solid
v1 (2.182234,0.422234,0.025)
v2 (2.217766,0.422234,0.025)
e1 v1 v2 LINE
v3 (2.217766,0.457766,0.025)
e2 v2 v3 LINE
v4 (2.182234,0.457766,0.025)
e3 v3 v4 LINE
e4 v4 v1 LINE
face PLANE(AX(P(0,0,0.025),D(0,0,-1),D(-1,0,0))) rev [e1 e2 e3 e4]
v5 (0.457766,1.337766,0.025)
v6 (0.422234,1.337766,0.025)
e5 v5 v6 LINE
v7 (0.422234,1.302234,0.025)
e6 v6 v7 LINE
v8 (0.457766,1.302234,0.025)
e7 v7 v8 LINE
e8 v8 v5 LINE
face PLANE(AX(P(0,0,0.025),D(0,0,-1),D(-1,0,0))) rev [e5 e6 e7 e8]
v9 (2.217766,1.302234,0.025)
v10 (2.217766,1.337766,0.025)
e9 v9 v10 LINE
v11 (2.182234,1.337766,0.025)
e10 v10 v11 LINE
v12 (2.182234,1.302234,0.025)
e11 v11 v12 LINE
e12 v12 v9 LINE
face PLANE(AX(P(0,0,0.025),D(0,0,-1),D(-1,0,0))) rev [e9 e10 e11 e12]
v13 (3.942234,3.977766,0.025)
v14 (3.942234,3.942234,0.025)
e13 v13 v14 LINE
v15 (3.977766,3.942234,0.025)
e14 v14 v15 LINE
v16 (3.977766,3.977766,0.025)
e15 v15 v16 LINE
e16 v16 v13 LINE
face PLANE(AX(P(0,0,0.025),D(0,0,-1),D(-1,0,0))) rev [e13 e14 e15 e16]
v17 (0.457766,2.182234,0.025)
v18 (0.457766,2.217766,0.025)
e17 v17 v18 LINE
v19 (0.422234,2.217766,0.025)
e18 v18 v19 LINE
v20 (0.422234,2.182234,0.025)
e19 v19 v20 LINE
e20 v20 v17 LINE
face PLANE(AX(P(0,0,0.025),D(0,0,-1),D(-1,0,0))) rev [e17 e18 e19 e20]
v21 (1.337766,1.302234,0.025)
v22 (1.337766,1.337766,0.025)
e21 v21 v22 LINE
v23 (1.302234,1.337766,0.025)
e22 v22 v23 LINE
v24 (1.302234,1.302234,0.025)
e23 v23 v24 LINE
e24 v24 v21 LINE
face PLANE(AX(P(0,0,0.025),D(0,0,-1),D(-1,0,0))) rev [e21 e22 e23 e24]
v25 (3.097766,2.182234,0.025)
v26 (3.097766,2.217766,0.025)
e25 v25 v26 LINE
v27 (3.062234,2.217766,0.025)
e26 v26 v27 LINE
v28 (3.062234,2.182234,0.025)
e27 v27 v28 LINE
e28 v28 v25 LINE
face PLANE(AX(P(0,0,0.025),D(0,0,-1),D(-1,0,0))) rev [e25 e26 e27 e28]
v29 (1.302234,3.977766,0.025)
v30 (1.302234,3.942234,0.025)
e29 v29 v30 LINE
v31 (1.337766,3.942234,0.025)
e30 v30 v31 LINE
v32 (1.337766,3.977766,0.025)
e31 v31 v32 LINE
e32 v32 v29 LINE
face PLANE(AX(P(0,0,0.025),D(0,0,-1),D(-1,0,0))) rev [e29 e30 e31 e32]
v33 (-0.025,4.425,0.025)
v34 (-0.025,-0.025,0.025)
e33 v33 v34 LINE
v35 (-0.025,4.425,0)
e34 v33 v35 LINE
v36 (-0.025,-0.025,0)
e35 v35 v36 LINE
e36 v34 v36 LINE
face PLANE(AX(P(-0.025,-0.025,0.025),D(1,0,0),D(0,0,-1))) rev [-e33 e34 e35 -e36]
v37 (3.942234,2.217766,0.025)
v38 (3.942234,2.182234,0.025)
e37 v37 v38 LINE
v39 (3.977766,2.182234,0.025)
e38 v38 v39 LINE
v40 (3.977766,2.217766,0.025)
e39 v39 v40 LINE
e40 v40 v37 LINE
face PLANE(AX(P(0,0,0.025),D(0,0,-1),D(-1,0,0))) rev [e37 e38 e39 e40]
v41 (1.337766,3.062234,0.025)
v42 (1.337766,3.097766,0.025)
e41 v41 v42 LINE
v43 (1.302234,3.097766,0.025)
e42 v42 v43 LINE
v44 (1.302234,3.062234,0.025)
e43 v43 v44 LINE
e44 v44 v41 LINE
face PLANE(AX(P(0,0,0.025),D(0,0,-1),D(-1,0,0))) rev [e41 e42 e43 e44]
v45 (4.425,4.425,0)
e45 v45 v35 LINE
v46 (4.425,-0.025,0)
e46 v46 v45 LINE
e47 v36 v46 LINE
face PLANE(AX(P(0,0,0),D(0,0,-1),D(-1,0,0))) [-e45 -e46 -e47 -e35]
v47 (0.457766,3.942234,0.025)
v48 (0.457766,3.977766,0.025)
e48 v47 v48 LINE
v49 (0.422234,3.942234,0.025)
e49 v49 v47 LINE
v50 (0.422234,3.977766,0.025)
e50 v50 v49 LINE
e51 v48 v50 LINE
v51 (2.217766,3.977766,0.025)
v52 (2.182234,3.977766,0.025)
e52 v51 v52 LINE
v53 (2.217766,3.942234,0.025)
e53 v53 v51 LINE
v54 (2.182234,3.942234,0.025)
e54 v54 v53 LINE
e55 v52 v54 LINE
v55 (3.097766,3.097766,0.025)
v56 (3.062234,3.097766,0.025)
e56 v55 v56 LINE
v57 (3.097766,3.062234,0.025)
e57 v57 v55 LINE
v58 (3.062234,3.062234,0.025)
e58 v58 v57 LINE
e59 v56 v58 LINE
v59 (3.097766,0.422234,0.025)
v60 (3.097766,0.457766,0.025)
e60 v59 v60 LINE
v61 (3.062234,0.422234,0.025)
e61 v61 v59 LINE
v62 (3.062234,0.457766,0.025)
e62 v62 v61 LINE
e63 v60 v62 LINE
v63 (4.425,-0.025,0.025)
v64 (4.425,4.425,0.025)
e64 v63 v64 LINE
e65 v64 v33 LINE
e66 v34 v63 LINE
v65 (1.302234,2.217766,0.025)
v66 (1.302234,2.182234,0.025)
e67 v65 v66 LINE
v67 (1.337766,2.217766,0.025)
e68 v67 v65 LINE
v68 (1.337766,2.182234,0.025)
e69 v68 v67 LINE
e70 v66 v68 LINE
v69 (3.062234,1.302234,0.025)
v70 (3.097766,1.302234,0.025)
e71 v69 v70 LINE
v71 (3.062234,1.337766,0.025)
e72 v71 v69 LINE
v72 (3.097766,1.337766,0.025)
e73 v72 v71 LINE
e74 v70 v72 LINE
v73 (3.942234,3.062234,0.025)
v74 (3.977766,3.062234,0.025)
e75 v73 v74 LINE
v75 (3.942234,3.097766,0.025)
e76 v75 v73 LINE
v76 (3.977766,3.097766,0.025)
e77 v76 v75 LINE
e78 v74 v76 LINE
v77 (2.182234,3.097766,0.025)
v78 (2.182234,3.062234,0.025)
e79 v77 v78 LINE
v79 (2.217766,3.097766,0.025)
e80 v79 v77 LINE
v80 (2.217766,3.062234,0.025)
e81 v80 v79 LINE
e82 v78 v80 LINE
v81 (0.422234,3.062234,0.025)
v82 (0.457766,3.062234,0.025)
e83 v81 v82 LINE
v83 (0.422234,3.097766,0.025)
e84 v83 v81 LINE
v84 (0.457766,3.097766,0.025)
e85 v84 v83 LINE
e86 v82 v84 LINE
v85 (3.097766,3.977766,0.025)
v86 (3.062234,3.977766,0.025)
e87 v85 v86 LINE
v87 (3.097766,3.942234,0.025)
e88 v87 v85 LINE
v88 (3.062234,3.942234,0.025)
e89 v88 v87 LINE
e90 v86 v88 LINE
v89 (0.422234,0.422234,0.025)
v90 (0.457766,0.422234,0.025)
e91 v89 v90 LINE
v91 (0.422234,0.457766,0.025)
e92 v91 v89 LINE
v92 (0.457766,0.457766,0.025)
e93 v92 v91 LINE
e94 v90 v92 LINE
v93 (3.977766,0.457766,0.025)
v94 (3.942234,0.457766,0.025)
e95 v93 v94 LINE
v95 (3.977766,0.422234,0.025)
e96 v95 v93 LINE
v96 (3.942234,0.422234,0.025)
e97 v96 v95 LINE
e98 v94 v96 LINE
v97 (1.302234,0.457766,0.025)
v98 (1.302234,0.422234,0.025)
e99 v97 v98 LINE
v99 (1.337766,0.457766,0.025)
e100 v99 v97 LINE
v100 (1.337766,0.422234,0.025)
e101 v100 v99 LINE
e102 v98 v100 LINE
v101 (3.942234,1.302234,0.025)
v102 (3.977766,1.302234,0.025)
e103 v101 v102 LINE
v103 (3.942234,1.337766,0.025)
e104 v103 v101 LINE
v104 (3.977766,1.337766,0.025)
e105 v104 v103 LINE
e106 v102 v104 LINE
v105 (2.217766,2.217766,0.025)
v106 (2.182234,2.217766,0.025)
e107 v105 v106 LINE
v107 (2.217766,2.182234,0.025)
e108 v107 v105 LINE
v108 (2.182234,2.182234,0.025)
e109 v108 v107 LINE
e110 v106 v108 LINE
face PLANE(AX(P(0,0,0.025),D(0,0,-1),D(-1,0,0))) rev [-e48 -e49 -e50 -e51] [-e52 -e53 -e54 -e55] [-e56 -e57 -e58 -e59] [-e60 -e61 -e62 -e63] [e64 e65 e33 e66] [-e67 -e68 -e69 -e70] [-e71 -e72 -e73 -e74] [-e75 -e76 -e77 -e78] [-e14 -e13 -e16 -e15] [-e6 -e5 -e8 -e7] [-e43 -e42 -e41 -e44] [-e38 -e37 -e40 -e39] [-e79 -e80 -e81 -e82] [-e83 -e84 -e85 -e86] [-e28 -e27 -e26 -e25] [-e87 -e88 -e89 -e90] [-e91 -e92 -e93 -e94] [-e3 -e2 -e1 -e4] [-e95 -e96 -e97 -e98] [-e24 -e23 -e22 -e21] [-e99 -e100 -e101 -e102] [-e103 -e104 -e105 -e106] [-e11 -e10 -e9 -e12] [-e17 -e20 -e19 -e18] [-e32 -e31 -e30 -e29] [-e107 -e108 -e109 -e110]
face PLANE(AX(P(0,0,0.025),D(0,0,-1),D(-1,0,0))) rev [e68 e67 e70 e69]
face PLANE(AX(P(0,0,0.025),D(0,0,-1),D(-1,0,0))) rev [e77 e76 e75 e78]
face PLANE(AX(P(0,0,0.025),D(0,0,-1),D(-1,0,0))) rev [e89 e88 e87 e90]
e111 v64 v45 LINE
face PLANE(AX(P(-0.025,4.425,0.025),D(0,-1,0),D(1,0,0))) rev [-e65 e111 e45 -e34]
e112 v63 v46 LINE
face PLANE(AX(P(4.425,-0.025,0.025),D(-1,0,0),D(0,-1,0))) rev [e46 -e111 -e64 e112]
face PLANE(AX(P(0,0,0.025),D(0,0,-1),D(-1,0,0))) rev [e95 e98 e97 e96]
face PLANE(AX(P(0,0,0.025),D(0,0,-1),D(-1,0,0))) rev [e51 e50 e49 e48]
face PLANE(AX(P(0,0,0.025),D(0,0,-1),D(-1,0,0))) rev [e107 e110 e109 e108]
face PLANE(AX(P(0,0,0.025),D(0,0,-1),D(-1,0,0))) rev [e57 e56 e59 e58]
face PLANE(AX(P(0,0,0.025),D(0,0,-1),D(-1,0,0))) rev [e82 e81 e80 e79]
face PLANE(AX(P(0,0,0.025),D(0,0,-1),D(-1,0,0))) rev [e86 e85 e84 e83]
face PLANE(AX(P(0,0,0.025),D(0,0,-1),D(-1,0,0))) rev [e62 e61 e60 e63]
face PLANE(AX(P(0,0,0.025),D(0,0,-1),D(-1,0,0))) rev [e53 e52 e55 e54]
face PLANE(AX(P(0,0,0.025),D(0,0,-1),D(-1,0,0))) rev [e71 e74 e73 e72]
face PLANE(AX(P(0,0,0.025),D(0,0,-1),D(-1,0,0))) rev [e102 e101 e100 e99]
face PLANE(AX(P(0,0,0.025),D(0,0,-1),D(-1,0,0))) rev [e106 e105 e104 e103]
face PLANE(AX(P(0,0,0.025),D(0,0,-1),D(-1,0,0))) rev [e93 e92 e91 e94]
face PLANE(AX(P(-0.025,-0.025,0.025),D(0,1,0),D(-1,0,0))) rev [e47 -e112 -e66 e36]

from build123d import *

# Parameters (mm, degrees)
SKETCH7_W           = 4.45
SKETCH7_H           = 4.45
BOSS_EXTRUDE1_DEPTH = 0.025


with BuildPart() as part:
    # Sketch7 → Boss-Extrude1 (new body)
    with BuildSketch(Plane.XY):
        with Locations((2.2, 2.2)):
            Rectangle(SKETCH7_W, SKETCH7_H)
    extrude(amount=BOSS_EXTRUDE1_DEPTH)


solid = part.part
